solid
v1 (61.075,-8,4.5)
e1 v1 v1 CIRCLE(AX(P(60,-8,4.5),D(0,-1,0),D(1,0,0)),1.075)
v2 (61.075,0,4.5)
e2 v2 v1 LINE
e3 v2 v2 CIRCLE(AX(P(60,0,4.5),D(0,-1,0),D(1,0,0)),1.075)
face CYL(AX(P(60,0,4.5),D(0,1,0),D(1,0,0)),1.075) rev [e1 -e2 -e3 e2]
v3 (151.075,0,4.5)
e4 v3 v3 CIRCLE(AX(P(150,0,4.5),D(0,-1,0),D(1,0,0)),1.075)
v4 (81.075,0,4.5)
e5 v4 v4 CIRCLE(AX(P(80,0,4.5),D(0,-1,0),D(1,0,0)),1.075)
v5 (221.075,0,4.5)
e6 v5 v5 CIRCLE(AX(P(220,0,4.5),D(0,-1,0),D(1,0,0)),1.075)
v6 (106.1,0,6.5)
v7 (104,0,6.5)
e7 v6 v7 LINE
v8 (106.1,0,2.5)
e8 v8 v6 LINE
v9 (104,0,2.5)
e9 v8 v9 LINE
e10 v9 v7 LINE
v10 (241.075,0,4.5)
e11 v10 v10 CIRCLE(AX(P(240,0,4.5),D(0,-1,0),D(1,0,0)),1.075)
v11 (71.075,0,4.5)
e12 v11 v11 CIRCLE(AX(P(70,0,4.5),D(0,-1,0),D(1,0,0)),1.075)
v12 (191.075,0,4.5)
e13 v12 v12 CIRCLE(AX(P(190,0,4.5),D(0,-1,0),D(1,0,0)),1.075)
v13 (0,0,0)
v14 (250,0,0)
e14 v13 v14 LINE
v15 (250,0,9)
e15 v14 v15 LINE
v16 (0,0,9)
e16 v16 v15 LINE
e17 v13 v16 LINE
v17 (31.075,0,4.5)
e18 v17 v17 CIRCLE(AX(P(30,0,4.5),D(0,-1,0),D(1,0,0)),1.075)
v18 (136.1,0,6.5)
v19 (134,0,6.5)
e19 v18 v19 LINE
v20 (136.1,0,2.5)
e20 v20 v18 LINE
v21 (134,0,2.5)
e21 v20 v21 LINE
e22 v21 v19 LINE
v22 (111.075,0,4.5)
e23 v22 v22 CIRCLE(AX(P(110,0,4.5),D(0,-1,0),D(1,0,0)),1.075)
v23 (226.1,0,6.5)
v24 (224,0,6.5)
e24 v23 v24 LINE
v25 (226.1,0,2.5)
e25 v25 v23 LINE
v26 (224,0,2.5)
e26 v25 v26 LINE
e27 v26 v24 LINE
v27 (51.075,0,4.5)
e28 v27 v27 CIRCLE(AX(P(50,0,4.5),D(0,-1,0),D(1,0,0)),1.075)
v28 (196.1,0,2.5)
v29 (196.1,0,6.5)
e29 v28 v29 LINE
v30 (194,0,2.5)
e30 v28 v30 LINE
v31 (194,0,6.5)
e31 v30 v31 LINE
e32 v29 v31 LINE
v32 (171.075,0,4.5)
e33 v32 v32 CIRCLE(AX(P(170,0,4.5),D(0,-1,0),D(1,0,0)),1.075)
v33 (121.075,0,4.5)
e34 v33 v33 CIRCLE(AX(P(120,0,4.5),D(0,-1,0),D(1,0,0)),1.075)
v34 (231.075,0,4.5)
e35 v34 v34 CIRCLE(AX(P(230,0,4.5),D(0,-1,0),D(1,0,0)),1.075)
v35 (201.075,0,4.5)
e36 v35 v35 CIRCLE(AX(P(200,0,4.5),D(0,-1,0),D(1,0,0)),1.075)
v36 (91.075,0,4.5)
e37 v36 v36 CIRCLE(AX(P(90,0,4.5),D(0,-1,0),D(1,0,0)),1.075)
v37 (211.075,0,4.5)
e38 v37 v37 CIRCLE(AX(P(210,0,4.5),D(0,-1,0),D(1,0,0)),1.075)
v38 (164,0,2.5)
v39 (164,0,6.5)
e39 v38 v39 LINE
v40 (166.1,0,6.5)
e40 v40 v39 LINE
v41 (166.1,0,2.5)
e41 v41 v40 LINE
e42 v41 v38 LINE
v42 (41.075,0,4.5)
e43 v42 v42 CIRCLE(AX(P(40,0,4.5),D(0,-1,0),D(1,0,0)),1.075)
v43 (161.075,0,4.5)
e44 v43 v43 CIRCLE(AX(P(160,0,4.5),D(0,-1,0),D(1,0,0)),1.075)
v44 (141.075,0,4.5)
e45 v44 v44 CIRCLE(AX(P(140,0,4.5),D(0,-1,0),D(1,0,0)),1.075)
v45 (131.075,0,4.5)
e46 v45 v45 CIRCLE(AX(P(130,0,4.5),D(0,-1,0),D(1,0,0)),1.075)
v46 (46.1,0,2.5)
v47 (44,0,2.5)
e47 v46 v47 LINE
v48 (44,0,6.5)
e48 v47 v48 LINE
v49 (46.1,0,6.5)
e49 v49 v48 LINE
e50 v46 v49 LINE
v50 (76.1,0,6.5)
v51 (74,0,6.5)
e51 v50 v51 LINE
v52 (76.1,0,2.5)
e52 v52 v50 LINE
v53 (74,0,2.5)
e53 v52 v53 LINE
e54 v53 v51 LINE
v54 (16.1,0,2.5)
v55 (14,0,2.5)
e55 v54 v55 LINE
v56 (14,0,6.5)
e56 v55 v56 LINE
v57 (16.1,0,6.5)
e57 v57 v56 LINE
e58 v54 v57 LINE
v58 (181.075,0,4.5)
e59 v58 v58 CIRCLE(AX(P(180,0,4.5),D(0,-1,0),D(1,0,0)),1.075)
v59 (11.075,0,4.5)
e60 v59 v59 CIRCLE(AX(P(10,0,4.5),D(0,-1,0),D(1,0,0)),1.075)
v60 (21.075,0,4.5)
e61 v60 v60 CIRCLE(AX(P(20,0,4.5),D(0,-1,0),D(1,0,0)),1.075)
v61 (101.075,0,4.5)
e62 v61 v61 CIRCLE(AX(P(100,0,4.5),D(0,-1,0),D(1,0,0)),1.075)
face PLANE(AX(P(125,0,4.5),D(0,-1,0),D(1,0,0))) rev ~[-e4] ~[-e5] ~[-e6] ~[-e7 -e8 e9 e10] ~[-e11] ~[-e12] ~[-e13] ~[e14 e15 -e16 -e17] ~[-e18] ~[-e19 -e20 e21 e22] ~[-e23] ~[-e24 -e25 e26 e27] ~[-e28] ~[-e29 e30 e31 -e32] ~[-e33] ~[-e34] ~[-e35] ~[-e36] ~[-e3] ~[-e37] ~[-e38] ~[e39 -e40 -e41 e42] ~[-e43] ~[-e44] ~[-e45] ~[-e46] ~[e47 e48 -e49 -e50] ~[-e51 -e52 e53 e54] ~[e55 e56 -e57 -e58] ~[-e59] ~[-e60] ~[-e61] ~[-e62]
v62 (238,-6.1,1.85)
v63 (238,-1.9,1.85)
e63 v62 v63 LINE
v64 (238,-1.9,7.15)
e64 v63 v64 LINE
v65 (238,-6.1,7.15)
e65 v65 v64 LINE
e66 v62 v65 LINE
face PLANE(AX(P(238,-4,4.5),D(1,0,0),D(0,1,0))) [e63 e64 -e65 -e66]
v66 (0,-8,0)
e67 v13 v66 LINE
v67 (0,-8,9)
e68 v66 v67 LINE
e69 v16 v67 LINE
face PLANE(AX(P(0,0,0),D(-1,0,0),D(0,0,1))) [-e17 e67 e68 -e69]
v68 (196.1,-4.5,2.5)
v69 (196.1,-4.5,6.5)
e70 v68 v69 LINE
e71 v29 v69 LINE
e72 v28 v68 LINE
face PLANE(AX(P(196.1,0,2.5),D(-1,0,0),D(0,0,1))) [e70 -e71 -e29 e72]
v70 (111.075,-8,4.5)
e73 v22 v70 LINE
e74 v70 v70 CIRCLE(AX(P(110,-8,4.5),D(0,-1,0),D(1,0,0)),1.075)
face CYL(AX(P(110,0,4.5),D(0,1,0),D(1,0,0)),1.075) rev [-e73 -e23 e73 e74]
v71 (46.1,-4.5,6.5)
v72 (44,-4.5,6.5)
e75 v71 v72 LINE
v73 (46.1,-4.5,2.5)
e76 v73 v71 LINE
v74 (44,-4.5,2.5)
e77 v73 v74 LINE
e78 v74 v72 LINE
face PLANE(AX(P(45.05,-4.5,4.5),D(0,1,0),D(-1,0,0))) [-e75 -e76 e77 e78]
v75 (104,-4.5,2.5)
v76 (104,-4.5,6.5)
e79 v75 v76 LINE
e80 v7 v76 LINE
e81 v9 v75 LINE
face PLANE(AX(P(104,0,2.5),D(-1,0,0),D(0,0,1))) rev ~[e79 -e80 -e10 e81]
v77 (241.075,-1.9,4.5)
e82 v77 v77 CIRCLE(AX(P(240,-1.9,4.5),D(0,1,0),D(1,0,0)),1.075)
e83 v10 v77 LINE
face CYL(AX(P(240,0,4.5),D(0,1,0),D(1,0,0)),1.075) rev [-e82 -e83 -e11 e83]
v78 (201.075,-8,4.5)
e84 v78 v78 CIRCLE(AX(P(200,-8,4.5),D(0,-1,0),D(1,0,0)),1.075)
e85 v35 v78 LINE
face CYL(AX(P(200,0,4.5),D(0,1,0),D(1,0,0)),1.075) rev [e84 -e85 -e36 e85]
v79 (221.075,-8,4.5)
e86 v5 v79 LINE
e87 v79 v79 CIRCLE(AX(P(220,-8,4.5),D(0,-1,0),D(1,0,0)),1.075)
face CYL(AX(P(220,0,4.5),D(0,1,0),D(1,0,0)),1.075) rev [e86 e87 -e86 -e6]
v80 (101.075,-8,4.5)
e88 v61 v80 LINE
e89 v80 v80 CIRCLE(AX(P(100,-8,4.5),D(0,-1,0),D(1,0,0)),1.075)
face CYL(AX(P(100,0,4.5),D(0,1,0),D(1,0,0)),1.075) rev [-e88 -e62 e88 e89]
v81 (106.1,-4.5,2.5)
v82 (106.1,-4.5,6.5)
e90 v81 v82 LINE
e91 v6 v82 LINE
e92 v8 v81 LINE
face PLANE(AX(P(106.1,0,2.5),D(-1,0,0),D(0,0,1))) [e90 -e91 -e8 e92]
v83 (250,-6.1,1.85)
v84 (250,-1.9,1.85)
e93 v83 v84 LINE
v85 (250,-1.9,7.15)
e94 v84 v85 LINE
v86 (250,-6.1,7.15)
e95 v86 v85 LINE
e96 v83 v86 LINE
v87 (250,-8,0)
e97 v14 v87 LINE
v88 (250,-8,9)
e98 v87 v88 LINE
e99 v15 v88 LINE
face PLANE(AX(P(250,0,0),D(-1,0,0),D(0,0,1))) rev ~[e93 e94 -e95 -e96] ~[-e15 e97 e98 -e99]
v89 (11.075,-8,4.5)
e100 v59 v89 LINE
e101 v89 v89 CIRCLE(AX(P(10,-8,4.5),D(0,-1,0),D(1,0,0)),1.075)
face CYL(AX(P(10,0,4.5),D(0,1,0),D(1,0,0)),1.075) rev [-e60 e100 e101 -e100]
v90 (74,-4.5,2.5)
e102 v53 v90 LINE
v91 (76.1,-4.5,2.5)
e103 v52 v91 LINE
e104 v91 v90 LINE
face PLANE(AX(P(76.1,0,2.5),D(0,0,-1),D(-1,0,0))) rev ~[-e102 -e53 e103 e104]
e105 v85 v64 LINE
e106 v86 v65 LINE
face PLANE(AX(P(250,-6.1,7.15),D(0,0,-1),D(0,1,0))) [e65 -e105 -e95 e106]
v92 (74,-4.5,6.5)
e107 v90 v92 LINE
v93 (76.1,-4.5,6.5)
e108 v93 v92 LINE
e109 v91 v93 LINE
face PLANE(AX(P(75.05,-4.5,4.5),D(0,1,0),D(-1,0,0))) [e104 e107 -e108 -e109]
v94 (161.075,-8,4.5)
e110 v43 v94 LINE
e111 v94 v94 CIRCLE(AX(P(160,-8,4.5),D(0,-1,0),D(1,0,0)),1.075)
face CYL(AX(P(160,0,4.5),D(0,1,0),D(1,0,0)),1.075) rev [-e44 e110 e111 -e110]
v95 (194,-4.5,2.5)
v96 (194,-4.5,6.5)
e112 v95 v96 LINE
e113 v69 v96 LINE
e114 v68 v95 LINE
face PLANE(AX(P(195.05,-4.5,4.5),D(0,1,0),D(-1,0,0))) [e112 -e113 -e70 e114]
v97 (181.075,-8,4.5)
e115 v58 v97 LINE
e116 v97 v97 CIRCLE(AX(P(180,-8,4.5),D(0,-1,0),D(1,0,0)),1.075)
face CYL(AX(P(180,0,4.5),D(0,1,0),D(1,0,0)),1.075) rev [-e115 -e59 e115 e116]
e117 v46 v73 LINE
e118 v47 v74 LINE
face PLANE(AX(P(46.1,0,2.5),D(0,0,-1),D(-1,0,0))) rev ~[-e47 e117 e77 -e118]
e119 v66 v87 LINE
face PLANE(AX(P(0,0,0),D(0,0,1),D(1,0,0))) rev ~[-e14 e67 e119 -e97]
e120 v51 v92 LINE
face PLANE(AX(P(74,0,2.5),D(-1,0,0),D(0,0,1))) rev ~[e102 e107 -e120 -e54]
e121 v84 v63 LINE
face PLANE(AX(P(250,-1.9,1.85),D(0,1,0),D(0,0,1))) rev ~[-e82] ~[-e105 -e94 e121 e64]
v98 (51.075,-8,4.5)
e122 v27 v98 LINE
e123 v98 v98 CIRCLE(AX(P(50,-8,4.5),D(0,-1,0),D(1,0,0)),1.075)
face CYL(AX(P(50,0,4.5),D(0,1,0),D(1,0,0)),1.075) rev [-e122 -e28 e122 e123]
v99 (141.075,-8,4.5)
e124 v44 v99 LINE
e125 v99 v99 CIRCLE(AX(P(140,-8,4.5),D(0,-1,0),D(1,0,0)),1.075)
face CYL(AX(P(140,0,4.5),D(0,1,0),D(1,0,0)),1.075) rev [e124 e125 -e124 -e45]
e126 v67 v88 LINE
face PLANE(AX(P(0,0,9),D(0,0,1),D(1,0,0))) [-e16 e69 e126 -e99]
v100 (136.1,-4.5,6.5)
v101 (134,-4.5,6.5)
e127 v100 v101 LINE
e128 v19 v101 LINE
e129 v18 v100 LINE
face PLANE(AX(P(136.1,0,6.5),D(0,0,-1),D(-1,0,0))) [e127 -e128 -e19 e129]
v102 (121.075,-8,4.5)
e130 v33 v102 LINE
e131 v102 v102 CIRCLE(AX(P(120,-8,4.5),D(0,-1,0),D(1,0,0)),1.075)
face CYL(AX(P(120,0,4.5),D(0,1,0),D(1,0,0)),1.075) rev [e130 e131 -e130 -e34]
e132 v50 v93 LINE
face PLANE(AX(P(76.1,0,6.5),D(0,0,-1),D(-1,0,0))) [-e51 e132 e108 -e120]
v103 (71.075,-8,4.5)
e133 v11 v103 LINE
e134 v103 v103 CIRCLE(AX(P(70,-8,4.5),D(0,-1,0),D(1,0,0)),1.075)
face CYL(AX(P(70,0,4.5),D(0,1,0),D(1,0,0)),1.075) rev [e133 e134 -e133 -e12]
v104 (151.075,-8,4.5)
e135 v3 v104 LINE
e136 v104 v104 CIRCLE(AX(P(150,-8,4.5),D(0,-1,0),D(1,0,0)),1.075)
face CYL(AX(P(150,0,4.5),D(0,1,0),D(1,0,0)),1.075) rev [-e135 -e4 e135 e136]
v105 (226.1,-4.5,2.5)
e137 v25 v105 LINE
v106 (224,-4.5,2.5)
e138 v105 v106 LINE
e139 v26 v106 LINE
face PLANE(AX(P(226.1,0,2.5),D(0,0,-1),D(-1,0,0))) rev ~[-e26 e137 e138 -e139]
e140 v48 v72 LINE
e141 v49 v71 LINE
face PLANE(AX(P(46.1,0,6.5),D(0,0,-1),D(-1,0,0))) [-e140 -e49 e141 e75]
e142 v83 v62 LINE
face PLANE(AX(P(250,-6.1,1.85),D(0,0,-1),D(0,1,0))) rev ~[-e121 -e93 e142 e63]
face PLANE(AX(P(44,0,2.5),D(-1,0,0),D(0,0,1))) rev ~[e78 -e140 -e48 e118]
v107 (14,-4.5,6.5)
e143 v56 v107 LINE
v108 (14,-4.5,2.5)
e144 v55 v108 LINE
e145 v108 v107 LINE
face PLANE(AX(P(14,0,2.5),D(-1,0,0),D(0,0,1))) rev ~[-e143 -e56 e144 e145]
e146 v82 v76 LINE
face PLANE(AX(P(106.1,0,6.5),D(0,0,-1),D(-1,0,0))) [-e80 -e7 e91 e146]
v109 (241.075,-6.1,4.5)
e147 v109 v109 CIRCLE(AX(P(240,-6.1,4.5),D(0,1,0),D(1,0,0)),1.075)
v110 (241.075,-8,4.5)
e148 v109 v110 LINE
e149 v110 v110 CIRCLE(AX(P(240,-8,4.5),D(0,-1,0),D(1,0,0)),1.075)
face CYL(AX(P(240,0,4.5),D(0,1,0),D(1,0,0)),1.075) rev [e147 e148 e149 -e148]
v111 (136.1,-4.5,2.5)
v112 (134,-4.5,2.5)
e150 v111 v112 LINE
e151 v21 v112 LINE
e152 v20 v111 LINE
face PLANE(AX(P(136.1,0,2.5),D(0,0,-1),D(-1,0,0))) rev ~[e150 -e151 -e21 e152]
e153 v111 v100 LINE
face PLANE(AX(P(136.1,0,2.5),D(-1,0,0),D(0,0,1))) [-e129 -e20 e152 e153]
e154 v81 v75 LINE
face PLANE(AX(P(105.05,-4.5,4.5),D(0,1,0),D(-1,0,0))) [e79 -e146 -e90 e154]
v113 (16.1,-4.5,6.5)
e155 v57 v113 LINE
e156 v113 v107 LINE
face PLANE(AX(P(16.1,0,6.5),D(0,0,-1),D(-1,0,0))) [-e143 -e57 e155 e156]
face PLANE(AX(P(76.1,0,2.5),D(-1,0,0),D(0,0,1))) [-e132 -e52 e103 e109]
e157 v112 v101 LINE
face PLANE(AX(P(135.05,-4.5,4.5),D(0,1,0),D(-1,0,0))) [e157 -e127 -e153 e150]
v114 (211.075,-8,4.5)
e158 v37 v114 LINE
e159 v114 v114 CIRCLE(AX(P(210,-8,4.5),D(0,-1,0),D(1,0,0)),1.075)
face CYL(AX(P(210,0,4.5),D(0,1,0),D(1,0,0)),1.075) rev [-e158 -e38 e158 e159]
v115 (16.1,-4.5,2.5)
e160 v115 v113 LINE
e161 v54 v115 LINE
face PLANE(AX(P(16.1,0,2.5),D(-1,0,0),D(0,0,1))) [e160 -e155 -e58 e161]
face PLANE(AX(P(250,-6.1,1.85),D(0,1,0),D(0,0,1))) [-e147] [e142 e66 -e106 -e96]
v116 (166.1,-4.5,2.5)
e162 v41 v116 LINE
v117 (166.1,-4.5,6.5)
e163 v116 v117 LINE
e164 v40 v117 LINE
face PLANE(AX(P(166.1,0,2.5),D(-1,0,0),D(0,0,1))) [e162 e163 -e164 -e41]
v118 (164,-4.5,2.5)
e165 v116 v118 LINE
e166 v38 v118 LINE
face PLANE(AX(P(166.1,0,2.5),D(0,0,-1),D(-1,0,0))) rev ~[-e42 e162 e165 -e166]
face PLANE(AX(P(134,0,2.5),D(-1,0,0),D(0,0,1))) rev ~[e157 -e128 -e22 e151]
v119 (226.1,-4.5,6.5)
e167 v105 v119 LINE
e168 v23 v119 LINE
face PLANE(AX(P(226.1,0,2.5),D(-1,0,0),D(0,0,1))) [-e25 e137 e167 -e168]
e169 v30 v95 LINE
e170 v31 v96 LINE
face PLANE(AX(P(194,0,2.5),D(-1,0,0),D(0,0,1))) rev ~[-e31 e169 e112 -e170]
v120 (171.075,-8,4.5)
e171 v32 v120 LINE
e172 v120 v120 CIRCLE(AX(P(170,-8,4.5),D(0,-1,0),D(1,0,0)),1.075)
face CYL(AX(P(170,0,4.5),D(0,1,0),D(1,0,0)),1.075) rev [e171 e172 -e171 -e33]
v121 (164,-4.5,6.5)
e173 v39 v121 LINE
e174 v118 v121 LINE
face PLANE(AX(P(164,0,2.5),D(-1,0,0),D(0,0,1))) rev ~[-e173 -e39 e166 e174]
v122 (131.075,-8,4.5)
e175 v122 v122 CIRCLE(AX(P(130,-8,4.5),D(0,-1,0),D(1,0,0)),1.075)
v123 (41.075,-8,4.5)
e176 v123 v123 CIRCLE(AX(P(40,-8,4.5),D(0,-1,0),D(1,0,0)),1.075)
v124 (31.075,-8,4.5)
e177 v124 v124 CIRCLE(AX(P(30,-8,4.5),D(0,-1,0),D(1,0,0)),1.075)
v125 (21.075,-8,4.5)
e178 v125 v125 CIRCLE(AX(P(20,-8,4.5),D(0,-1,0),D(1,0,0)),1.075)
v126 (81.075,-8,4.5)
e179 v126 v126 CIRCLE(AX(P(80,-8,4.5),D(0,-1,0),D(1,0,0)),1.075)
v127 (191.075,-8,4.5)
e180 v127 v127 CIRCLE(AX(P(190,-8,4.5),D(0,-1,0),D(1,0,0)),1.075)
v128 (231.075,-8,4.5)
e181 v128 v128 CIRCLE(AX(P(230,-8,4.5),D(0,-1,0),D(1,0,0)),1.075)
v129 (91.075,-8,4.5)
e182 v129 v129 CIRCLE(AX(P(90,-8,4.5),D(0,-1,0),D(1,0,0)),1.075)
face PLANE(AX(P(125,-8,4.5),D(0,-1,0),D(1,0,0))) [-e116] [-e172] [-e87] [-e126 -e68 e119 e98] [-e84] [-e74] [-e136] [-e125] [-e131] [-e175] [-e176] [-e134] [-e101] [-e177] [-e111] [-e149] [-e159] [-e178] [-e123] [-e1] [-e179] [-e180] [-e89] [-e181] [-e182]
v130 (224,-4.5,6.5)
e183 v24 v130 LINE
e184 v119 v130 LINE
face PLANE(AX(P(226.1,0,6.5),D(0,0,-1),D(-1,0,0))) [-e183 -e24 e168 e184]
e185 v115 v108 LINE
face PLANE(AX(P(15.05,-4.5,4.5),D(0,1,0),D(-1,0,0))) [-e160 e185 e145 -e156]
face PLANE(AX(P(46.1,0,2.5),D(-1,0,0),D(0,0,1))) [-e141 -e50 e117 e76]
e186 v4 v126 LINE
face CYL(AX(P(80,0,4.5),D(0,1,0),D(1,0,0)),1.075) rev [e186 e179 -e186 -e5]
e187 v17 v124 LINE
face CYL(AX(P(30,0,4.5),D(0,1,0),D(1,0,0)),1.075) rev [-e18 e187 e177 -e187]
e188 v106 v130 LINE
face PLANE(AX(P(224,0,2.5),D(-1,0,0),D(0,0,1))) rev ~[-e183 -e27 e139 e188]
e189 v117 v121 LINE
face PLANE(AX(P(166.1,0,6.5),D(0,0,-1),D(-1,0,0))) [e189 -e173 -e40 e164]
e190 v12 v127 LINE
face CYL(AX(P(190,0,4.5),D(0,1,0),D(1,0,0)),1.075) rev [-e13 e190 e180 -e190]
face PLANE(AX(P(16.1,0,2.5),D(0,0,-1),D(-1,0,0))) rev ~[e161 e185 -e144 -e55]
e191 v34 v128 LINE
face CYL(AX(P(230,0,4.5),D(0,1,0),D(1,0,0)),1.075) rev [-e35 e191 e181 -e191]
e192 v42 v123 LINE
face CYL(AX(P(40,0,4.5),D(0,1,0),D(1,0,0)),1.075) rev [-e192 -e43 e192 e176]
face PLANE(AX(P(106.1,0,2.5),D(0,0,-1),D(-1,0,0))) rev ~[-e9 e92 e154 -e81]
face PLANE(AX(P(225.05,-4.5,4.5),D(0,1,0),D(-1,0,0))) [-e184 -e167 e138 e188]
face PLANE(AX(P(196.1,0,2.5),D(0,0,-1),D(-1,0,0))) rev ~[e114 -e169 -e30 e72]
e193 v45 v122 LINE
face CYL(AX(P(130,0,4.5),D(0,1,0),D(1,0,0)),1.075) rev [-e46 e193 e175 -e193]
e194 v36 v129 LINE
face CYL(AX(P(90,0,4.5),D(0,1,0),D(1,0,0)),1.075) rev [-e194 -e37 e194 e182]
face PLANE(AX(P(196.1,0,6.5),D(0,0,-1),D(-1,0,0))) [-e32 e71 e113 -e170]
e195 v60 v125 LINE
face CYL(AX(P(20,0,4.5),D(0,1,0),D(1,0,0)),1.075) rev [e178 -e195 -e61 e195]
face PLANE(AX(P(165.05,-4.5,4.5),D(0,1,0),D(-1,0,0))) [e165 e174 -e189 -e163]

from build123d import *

# Parameters (mm, degrees)
F0_W     = 250
F0_H     = 9
F0_R     = 1.075
F1_DEPTH = 8
F2_W     = 4.2
F2_H     = 5.3
F3_DEPTH = 12
F4_W     = 2.1
F4_H     = 4
F5_DEPTH = 4.5


with BuildPart() as f1:
    # F0 (on Front) → F1 (new body)
    with BuildSketch(Plane.XZ):
        with Locations((125, 4.5)):
            Rectangle(F0_W, F0_H)
        with Locations((10, 4.5)):
            Circle(F0_R, mode=Mode.SUBTRACT)
        with Locations((20, 4.5)):
            Circle(F0_R, mode=Mode.SUBTRACT)
        with Locations((30, 4.5)):
            Circle(F0_R, mode=Mode.SUBTRACT)
        with Locations((40, 4.5)):
            Circle(F0_R, mode=Mode.SUBTRACT)
        with Locations((50, 4.5)):
            Circle(F0_R, mode=Mode.SUBTRACT)
        with Locations((60, 4.5)):
            Circle(F0_R, mode=Mode.SUBTRACT)
        with Locations((70, 4.5)):
            Circle(F0_R, mode=Mode.SUBTRACT)
        with Locations((80, 4.5)):
            Circle(F0_R, mode=Mode.SUBTRACT)
        with Locations((90, 4.5)):
            Circle(F0_R, mode=Mode.SUBTRACT)
        with Locations((100, 4.5)):
            Circle(F0_R, mode=Mode.SUBTRACT)
        with Locations((110, 4.5)):
            Circle(F0_R, mode=Mode.SUBTRACT)
        with Locations((120, 4.5)):
            Circle(F0_R, mode=Mode.SUBTRACT)
        with Locations((130, 4.5)):
            Circle(F0_R, mode=Mode.SUBTRACT)
        with Locations((140, 4.5)):
            Circle(F0_R, mode=Mode.SUBTRACT)
        with Locations((150, 4.5)):
            Circle(F0_R, mode=Mode.SUBTRACT)
        with Locations((160, 4.5)):
            Circle(F0_R, mode=Mode.SUBTRACT)
        with Locations((170, 4.5)):
            Circle(F0_R, mode=Mode.SUBTRACT)
        with Locations((180, 4.5)):
            Circle(F0_R, mode=Mode.SUBTRACT)
        with Locations((190, 4.5)):
            Circle(F0_R, mode=Mode.SUBTRACT)
        with Locations((200, 4.5)):
            Circle(F0_R, mode=Mode.SUBTRACT)
        with Locations((210, 4.5)):
            Circle(F0_R, mode=Mode.SUBTRACT)
        with Locations((220, 4.5)):
            Circle(F0_R, mode=Mode.SUBTRACT)
        with Locations((230, 4.5)):
            Circle(F0_R, mode=Mode.SUBTRACT)
        with Locations((240, 4.5)):
            Circle(F0_R, mode=Mode.SUBTRACT)
    extrude(amount=F1_DEPTH)

    # F2 (on face) → F3 (cut)
    with BuildSketch(Plane.YZ.offset(250)):
        with Locations((-4, 4.5)):
            Rectangle(F2_W, F2_H)
    extrude(amount=-F3_DEPTH, mode=Mode.SUBTRACT)

    # F4 (on face) → F5 (cut)
    with BuildSketch(Plane(origin=(0, 0, 0), x_dir=(-1, 0, 0), z_dir=(0, 1, 0))):
        with Locations((-15.05, 4.5)):
            Rectangle(F4_W, F4_H)
        with Locations((-45.05, 4.5)):
            Rectangle(F4_W, F4_H)
        with Locations((-75.05, 4.5)):
            Rectangle(F4_W, F4_H)
        with Locations((-105.05, 4.5)):
            Rectangle(F4_W, F4_H)
        with Locations((-135.05, 4.5)):
            Rectangle(F4_W, F4_H)
        with Locations((-165.05, 4.5)):
            Rectangle(F4_W, F4_H)
        with Locations((-195.05, 4.5)):
            Rectangle(F4_W, F4_H)
        with Locations((-225.05, 4.5)):
            Rectangle(F4_W, F4_H)
    extrude(amount=-F5_DEPTH, mode=Mode.SUBTRACT)


solid = f1.part
